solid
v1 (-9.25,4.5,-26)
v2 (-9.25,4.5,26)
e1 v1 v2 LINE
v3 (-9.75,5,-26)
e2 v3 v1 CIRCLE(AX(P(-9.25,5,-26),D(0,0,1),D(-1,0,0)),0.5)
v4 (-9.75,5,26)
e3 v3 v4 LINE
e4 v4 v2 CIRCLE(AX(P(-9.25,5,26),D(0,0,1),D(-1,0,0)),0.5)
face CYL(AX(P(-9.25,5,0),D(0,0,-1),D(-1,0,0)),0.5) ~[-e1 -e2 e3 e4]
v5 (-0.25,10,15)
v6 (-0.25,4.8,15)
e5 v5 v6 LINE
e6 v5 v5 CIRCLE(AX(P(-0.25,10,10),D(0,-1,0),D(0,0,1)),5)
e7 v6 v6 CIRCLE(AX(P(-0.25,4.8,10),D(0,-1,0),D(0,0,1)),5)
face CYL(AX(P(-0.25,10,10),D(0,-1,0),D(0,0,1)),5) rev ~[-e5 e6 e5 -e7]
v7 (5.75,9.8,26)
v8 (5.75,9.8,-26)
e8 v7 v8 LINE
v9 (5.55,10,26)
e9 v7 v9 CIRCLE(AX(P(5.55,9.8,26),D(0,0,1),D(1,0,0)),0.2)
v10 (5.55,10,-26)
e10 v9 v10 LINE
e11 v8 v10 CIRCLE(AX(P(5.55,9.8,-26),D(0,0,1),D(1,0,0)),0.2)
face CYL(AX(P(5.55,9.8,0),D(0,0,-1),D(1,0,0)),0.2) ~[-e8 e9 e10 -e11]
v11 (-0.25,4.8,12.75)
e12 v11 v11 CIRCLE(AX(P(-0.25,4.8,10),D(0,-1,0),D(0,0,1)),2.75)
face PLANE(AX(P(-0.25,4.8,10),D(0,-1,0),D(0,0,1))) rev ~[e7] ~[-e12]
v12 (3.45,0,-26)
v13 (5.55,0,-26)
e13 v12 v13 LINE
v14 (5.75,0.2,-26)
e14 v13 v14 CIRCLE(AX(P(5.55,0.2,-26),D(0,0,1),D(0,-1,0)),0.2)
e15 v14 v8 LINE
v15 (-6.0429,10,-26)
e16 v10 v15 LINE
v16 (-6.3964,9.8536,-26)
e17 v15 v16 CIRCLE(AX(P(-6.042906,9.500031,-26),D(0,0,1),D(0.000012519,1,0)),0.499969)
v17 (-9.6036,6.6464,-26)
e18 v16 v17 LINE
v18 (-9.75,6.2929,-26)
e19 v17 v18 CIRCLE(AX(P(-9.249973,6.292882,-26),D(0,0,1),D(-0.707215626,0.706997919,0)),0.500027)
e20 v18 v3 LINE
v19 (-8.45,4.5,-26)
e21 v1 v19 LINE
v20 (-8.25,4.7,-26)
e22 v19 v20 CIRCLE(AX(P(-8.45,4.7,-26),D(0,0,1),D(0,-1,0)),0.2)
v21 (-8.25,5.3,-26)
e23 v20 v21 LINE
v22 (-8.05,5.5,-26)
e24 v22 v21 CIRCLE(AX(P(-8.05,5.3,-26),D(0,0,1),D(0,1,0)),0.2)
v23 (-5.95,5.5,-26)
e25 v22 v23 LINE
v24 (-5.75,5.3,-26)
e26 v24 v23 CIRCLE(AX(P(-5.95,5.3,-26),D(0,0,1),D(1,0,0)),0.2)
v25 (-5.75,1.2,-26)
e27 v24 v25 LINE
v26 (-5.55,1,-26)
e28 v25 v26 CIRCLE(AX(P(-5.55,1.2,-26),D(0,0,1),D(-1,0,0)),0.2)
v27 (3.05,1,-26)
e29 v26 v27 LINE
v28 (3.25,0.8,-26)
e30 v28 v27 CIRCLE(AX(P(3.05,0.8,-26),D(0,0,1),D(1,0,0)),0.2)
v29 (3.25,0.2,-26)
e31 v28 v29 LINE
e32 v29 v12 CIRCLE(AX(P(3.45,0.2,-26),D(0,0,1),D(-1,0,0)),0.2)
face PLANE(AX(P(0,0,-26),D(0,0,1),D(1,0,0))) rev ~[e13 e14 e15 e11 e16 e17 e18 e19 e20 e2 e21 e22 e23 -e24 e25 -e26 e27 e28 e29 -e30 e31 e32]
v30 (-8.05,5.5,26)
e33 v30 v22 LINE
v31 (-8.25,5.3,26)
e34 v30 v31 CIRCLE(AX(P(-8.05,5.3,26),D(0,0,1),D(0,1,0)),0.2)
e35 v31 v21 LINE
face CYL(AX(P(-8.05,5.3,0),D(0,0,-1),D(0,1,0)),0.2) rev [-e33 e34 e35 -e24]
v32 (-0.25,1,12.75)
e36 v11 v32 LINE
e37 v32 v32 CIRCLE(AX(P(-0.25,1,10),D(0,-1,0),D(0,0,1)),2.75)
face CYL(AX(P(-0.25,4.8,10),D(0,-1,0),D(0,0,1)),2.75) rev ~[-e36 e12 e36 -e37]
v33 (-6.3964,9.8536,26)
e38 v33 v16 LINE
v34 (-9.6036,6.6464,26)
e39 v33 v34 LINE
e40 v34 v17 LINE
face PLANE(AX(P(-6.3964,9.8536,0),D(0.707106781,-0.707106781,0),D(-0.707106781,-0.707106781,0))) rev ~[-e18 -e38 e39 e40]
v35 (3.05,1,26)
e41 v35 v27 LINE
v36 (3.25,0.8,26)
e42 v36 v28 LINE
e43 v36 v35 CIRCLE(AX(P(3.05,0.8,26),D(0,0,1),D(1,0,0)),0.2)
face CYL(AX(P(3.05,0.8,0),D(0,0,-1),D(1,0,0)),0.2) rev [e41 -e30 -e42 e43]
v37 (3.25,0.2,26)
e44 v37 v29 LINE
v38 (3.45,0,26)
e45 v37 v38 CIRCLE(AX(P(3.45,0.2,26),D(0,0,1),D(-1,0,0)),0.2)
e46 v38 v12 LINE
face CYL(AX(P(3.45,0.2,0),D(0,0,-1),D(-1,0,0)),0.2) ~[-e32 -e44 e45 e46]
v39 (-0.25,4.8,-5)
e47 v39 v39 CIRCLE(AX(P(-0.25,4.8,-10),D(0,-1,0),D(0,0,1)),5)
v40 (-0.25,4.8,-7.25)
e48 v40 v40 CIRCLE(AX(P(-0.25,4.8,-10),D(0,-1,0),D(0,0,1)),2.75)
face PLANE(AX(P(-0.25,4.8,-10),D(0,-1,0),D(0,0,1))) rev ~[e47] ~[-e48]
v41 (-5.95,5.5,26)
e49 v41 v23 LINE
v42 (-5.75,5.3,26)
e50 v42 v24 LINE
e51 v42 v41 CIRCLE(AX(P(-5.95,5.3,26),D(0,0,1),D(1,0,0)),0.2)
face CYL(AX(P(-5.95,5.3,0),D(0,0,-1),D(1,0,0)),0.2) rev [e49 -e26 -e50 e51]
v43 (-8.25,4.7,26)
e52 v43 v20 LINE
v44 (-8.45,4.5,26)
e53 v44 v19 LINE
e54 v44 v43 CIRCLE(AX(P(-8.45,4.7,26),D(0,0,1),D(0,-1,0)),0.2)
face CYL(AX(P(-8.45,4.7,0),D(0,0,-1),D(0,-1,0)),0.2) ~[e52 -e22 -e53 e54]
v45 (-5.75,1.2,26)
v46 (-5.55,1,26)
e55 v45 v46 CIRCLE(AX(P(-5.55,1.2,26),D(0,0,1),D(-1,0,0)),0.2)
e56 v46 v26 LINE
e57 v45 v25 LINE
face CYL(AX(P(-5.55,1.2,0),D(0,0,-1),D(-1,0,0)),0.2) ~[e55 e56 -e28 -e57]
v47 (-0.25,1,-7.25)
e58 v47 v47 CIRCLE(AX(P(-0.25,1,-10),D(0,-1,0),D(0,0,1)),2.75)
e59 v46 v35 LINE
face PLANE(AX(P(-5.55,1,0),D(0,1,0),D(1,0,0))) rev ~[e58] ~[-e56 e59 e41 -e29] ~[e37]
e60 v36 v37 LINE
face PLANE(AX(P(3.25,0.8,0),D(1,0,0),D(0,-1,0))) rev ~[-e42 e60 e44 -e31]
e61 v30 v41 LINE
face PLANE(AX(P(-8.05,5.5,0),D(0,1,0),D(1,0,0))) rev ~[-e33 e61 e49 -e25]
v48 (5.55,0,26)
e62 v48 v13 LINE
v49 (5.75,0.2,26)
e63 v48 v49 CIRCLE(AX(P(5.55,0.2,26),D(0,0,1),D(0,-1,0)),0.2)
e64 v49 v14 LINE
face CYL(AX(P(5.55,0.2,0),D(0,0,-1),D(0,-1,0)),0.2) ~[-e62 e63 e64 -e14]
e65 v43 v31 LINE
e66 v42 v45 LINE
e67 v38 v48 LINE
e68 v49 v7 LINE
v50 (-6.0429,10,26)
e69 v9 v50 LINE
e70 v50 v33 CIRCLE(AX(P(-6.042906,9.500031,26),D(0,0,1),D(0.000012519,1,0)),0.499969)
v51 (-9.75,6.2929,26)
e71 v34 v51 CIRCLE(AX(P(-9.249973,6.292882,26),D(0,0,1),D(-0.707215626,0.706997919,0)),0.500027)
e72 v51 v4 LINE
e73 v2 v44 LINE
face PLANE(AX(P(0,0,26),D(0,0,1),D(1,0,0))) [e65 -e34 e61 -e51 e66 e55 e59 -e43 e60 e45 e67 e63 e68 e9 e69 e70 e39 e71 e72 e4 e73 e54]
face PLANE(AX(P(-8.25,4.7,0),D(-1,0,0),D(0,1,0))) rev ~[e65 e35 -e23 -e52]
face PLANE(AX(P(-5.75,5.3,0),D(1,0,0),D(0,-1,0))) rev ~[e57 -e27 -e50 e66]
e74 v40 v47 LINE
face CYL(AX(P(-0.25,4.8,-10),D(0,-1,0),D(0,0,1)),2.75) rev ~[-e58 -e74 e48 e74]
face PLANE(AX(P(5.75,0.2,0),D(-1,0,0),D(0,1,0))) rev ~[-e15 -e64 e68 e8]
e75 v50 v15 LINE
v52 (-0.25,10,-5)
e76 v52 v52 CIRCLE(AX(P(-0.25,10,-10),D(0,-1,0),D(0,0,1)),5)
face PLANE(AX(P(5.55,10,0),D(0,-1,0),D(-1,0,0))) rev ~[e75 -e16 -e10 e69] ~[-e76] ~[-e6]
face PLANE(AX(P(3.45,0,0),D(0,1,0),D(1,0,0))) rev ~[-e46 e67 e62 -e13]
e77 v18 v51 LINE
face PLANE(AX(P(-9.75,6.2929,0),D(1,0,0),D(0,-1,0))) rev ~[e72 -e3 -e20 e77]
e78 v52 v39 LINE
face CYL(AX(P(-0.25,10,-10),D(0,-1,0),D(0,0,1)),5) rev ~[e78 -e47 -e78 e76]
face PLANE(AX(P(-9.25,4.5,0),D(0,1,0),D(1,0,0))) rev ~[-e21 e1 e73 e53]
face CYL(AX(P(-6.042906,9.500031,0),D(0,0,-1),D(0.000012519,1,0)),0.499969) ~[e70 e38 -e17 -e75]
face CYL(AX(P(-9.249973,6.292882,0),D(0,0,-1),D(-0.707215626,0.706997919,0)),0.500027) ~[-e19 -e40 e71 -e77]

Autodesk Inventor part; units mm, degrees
sketch "Sketch_4" plane through (0, 0, 0) normal (0, 0, 1) x (1, 0, 0)
  line L0 (-9.75, 6.2929) -> (-9.75, 5)
  arc A0 (-9.75, 5) -> (-9.25, 4.5) centre (-9.25, 5) ccw
  line L1 (-9.25, 4.5) -> (-8.45, 4.5)
  arc A1 (-8.45, 4.5) -> (-8.25, 4.7) centre (-8.45, 4.7) ccw
  line L2 (-8.25, 4.7) -> (-8.25, 5.3)
  arc A2 (-8.05, 5.5) -> (-8.25, 5.3) centre (-8.05, 5.3) ccw
  line L3 (-8.05, 5.5) -> (-5.95, 5.5)
  arc A3 (-5.75, 5.3) -> (-5.95, 5.5) centre (-5.95, 5.3) ccw
  line L4 (-5.75, 5.3) -> (-5.75, 1.2)
  arc A4 (-5.75, 1.2) -> (-5.55, 1) centre (-5.55, 1.2) ccw
  line L5 (-5.55, 1) -> (3.05, 1)
  arc A5 (3.25, 0.8) -> (3.05, 1) centre (3.05, 0.8) ccw
  line L6 (3.25, 0.8) -> (3.25, 0.2)
  arc A6 (3.25, 0.2) -> (3.45, 0) centre (3.45, 0.2) ccw
  line L7 (3.45, 0) -> (5.55, 0)
  arc A7 (5.55, 0) -> (5.75, 0.2) centre (5.55, 0.2) ccw
  line L8 (5.75, 0.2) -> (5.75, 9.8)
  arc A8 (5.75, 9.8) -> (5.55, 10) centre (5.55, 9.8) ccw
  line L9 (5.55, 10) -> (-6.0429, 10)
  arc A9 (-6.0429, 10) -> (-6.3964, 9.8536) centre (-6.0429, 9.5) ccw
  line L10 (-6.3964, 9.8536) -> (-9.6036, 6.6464)
  arc A10 (-9.6036, 6.6464) -> (-9.75, 6.2929) centre (-9.25, 6.2929) ccw
extrude "Extrusion1" add sketch "Sketch_4" along normal mid plane 52
sketch "Sketch2" plane through (-6.0429, 10, 26) normal (0, 1, 0) x (1, 0, 0)
  point P0 (5.7929, 36)
hole "Hole1" at (-0.25, 10, -10) direction (0, -1, 0) diameter 5.5 depth 10 counterbore diameter 10 counterbore depth 5.2
sketch "Sketch3" plane through (-6.0429, 10, 26) normal (0, 1, 0) x (1, 0, 0)
  point P0 (5.7929, 16)
hole "Hole2" at (-0.25, 10, 10) direction (0, -1, 0) diameter 5.5 depth 10 counterbore diameter 10 counterbore depth 5.2
ref_plane "KLEMMLEISTE_XY" through (-0.25, 0, 0) normal (0, 1, 0) x (1, 0, 0)
ref_plane "KLEMMLEISTE_YZ" through (-0.25, 0, 0) normal (1, 0, 0) x (0, 0, -1)
ref_plane "KLEMMLEISTE_ZX" through (-0.25, 0, 0) normal (0, 0, -1) x (0, 1, 0)
ref_plane "SCHRAUBE_1_XY" through (-0.25, 4.8, -10) normal (0, 1, 0) x (1, 0, 0)
ref_plane "SCHRAUBE_1_YZ" through (-0.25, 4.8, -10) normal (1, 0, 0) x (0, 0, -1)
ref_plane "SCHRAUBE_1_ZX" through (-0.25, 4.8, -10) normal (0, 0, -1) x (0, 1, 0)
ref_plane "SCHRAUBE_2_XY" through (-0.25, 4.8, 10) normal (0, 1, 0) x (1, 0, 0)
ref_plane "SCHRAUBE_2_YZ" through (-0.25, 4.8, 10) normal (1, 0, 0) x (0, 0, -1)
ref_plane "SCHRAUBE_2_ZX" through (-0.25, 4.8, 10) normal (0, 0, -1) x (0, 1, 0)
properties part number "722624 MUE-70/80P1"
